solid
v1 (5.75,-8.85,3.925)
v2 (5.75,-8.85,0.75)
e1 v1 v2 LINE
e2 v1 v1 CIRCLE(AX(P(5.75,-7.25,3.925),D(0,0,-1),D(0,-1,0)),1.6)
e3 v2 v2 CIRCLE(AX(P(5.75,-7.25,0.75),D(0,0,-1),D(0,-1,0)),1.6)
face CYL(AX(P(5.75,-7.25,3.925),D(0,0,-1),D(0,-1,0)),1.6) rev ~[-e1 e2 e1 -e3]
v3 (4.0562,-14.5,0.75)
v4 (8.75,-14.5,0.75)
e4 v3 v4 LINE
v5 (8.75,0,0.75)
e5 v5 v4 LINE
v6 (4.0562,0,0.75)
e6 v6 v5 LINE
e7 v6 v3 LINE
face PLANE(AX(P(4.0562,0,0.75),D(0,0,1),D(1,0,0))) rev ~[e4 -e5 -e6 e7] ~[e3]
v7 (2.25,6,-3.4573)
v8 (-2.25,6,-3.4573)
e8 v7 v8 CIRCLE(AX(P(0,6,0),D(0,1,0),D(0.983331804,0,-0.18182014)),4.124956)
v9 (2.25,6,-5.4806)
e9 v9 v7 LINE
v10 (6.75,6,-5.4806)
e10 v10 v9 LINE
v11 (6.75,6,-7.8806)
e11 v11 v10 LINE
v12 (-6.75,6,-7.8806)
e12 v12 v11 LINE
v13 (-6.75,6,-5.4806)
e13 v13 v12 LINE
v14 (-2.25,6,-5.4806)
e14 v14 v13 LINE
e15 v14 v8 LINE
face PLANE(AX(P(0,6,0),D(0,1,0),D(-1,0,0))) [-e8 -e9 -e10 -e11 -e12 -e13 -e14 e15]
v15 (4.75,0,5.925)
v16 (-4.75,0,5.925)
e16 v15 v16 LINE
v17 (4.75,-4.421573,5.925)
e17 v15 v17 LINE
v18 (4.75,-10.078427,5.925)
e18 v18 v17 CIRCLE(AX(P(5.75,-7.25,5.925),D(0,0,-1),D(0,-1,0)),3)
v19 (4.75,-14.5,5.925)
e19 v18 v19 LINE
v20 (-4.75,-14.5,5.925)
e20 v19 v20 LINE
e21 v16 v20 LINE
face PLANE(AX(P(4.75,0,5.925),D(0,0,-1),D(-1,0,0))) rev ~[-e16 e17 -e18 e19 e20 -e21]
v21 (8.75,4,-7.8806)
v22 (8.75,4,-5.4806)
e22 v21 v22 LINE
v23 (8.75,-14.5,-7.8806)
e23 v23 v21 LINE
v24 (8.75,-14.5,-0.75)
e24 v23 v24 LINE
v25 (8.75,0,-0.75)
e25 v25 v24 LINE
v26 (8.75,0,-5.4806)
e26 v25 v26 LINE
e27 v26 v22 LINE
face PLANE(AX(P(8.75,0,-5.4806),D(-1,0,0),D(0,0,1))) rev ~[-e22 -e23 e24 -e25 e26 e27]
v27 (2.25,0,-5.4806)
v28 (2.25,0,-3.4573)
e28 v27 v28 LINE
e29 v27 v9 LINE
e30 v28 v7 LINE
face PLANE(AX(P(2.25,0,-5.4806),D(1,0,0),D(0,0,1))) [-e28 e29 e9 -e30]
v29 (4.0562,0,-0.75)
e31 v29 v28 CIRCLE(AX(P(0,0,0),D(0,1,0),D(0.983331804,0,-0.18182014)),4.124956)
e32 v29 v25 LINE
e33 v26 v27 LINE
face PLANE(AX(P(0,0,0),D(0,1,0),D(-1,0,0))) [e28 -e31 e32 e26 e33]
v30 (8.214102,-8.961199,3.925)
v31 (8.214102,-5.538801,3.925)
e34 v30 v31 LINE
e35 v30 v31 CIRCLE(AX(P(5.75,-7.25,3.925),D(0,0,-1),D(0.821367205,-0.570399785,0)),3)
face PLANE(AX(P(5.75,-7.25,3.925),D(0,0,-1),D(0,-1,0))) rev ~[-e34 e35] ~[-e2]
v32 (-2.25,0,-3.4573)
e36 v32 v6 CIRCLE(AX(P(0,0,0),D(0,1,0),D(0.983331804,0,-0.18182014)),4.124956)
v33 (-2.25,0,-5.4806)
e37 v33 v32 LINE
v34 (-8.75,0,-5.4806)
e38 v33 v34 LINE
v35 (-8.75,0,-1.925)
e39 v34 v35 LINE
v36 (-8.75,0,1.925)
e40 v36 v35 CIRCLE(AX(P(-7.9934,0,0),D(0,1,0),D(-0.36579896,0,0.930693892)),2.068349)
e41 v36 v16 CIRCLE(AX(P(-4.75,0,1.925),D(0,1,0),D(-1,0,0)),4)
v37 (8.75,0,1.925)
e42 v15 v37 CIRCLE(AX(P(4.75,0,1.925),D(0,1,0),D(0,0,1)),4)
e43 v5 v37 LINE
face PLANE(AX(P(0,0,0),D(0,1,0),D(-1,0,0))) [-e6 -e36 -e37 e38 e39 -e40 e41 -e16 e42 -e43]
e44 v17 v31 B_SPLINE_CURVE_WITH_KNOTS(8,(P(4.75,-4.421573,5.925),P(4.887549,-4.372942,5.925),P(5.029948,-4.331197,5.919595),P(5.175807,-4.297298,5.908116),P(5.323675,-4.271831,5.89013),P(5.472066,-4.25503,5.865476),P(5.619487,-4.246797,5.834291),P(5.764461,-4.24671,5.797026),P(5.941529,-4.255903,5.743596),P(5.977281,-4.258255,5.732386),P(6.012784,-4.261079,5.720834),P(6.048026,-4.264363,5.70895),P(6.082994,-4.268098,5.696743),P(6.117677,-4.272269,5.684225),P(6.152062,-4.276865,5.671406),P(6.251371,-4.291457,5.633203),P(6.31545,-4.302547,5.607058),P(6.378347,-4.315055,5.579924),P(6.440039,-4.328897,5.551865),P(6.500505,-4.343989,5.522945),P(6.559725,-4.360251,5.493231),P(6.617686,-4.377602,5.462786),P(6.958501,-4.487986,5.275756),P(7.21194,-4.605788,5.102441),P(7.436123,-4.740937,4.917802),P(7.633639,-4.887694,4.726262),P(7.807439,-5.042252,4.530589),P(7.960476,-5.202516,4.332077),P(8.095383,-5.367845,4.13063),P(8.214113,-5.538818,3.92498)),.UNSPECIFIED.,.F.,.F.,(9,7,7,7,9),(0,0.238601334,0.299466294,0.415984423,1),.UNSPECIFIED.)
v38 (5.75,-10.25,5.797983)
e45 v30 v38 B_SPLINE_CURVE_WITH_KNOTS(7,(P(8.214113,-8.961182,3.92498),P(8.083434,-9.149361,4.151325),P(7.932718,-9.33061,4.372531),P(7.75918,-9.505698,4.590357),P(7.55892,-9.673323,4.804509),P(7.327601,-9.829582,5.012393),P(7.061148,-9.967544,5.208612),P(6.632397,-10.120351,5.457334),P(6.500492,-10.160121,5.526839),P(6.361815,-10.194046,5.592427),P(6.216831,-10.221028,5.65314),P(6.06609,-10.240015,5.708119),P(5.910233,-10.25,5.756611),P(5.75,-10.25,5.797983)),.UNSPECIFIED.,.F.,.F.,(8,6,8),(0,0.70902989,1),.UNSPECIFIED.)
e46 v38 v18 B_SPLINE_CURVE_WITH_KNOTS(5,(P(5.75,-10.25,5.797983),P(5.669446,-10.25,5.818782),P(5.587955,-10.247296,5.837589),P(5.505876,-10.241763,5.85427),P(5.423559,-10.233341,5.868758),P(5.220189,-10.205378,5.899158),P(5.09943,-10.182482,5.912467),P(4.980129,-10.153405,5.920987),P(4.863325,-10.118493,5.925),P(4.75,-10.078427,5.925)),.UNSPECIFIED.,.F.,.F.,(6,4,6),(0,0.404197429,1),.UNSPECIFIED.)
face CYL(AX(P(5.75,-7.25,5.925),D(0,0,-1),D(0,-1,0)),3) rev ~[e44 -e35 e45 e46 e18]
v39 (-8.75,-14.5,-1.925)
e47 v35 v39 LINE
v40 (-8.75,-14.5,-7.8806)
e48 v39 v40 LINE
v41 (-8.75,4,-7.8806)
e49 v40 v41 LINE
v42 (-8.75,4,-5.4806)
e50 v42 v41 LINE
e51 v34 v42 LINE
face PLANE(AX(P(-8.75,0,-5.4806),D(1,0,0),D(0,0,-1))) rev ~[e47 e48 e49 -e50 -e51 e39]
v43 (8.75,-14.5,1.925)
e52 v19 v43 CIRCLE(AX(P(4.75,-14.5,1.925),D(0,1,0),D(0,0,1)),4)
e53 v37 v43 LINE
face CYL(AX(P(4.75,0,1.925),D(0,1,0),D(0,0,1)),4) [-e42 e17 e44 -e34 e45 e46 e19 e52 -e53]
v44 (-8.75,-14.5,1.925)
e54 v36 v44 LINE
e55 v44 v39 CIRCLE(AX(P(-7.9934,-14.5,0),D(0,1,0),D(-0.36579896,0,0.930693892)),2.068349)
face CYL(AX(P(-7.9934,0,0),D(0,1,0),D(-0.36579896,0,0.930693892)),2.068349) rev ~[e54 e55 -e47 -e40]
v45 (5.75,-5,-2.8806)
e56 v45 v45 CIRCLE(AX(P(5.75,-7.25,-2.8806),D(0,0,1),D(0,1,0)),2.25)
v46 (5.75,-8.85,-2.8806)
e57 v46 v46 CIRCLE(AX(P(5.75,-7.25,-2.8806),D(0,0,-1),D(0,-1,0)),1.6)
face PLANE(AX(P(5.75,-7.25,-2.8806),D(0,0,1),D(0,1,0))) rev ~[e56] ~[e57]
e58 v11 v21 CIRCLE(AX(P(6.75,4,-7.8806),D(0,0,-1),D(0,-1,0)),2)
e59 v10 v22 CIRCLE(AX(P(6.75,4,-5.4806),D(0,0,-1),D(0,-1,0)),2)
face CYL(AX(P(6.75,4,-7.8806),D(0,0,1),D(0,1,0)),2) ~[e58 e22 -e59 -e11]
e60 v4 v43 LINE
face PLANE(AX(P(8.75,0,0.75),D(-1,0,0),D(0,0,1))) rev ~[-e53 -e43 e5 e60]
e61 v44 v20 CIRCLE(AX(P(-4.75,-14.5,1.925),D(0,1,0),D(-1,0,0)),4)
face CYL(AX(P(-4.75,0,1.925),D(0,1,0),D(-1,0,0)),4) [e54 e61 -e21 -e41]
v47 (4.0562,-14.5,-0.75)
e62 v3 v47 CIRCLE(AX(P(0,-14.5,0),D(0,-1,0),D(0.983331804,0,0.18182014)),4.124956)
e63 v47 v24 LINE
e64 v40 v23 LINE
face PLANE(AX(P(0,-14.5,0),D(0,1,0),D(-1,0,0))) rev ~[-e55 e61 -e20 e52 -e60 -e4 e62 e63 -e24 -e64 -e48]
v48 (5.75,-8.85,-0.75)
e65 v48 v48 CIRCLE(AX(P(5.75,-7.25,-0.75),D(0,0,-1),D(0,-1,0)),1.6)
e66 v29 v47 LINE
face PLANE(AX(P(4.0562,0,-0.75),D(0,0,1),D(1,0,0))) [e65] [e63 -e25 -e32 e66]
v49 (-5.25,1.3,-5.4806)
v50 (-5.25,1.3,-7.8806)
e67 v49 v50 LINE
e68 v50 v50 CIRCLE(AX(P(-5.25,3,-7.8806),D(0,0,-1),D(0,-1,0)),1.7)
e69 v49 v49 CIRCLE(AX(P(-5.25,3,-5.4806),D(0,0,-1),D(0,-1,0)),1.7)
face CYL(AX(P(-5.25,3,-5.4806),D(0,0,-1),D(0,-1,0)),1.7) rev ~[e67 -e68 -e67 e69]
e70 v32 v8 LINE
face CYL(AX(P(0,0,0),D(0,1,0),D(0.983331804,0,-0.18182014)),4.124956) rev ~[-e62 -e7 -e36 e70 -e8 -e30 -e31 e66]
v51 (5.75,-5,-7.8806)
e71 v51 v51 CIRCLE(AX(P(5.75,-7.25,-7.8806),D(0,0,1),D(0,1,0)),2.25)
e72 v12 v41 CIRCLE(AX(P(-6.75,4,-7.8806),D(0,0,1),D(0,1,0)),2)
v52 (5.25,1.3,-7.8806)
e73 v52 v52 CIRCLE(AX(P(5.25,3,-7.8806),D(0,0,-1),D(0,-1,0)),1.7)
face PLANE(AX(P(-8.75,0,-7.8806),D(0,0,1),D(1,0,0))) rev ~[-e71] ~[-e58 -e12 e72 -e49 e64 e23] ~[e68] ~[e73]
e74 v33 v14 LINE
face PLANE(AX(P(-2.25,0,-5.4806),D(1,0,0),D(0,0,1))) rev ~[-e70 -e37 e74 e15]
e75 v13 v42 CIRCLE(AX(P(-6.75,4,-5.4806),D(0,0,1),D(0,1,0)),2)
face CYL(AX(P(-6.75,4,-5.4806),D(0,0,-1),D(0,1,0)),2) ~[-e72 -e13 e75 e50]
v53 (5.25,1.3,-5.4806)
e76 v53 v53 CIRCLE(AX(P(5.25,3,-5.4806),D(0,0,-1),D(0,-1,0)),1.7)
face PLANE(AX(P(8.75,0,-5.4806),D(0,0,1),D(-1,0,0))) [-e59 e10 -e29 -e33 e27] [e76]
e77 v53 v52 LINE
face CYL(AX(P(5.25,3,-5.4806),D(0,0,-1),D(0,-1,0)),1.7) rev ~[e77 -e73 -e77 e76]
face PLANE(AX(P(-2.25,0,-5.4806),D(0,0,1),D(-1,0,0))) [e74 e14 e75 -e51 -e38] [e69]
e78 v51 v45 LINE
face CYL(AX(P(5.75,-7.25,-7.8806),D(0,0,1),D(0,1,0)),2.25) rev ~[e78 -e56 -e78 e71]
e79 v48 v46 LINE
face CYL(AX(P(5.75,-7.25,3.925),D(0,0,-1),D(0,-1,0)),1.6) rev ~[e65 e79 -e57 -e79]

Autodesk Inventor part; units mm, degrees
ref_plane "YZ Plane" through (0, 0, 0) normal (1, 0, 0) x (0, 1, 0)
ref_plane "XZ Plane" through (0, 0, 0) normal (0, 1, 0) x (-1, 0, 0)
ref_plane "XY Plane" through (0, 0, 0) normal (0, 0, 1) x (1, 0, 0)
sketch "Skizze2" plane through (0, 0, 0) normal (0, 1, 0) x (-1, 0, 0)
  arc A0 (-4.0562, -0.75) -> (-4.0562, 0.75) centre (0, 0) ccw
  line L0 (8.75, -7.8806) -> (-8.75, -7.8806)
  line L1 (-8.75, -7.8806) -> (-8.75, 5.925)
  line L2 (-8.75, 5.925) -> (8.75, 5.925)
  line L3 (8.75, 5.925) -> (8.75, -7.8806)
  line L4 (8.75, -4.6225) -> (8.75, -1.5) projected
  arc A1 (8.75, 1.925) -> (8.75, -1.925) centre (7.9934, 0) ccw
  line L5 (8.75, -7.8806) -> (-8.75, -7.8806)
  line L6 (-8.75, -7.8806) -> (-8.75, -5.4806)
  line L7 (-8.75, -5.4806) -> (8.75, -5.4806)
  line L8 (8.75, -5.4806) -> (8.75, -7.8806)
  line L9 (2.25, -5.4806) -> (2.25, -3.4573)
  line L10 (-2.25, -5.4806) -> (-2.25, -3.4573)
  arc A2 (-2.25, -3.4573) -> (2.25, -3.4573) centre (0, 0) ccw
  line L11 (2.25, -5.4806) -> (-2.25, -5.4806)
  line L12 (-4.0562, -0.75) -> (-8.75, -0.75)
  line L13 (-4.0562, 0.75) -> (-8.75, 0.75)
  arc A3 (8.75, 1.925) -> (4.75, 5.925) centre (4.75, 1.925) ccw
  arc A4 (-4.75, 5.925) -> (-8.75, 1.925) centre (-4.75, 1.925) ccw
  line L14 (0, -10.8073) -> (0, 9.6802) construction
  line L15 (8.75, 0) -> (-8.75, 0) construction
  point P0 (5.25, -5.4806)
  point P1 (-5.25, -5.4806)
  dimension "d0" = 8.25
  dimension "d2" = 17.5
  dimension "d4" = 1.8
  dimension "d7" = 2.4
  dimension "d8" = 1.5
  dimension "d10" = 4
  dimension "d11" = 10.5
  dimension "d12" = 3
  dimension "d38" = 1.8
  dimension "d39" = 1.3556
extrude "Extrusion2" add sketch "Skizze2" against normal blind 14.5 contours A0 L10 L7 L1 L12 | A0 L9 L7 L10 | A0 L13 L1 A4 L2 A3 A1 L3 L7 L9 | L7 L3 L0 L1
extrude "Extrusion3" add sketch "Skizze2" along normal blind 6 contours A0 L9 L7 L10 | L7 L3 L0 L1
sketch "Skizze3" plane through (-8.75, 0, -5.4806) normal (0, 0, 1) x (1, 0, 0)
  line L0 (0, -14.5) -> (0, 0) projected
  line L1 (0, 0) -> (0, 6) projected
  line L2 (0, 6) -> (6.5, 6) projected
  line L3 (6.5, 6) -> (11, 6) projected
  line L4 (11, 6) -> (11, 0) projected
  line L5 (11, 0) -> (17.5, 0) projected
  line L6 (17.5, 6) -> (17.5, 0) projected
  line L7 (11, 6) -> (17.5, 6) projected
  line L8 (17.5, -14.5) -> (0, -14.5) projected
  line L9 (17.5, 0) -> (17.5, -14.5) projected
  line L10 (0, 0) -> (6.5, 0) projected
  line L11 (6.5, 0) -> (6.5, 6) projected
  line L12 (3.5, 0) -> (3.5, 6) construction
  line L13 (0, 6) -> (6.5, 6) projected
  line L14 (14, 0) -> (14, 6) construction
  line L15 (11, 6) -> (17.5, 6) projected
  point P0 (8.75, 0)
  point P1 (3.5, 3)
  point P2 (14, 3)
hole "Bohrung1" at (-5.25, 3, -5.4806) at (5.25, 3, -5.4806) direction (0, 0, -1) diameter 3.4 end through all clearance for "Inbusschraube DIN EN ISO 4762" size "M3" standard "DIN"
fillet "Rundung1" radius 2 2 edges at (-8.75, 6, -6.6806) (8.75, 6, -6.6806)
sketch "Skizze4" plane through (-4.75, 0, 5.925) normal (0, 0, 1) x (1, 0, 0)
  line L0 (8.8062, 0) -> (13.5, 0) projected
  line L1 (8.8062, 0) -> (8.8062, -14.5) projected
  line L2 (13.5, -14.5) -> (8.8062, -14.5) projected
  line L3 (13.5, 0) -> (13.5, -14.5) projected
  line L4 (13.5, 0) -> (9.5, 0) projected
  line L5 (10.5, -14.5) -> (10.5, 0) construction
  point P0 (4.75, 0)
  point P1 (10.5, -7.25)
  dimension "d30" = 3
hole "Bohrung2" at (5.75, -7.25, 5.925) direction (0, 0, -1) diameter 3.2 end through all counterbore diameter 6 counterbore depth 2 clearance for "Inbusschraube DIN EN ISO 4762" size "M3" standard "DIN"
sketch "Skizze5" plane through (8.75, -14.5, -7.8806) normal (0, 0, -1) x (-1, 0, 0)
  circle A0 centre (3, 7.25) radius 1.6 projected
  point P0 (8.75, 14.5)
hole "Bohrung3" at (5.75, -7.25, -7.8806) direction (0, 0, 1) diameter 4.5 depth 5
properties part number "Vinda_Mount_v2" material "Stahl"
